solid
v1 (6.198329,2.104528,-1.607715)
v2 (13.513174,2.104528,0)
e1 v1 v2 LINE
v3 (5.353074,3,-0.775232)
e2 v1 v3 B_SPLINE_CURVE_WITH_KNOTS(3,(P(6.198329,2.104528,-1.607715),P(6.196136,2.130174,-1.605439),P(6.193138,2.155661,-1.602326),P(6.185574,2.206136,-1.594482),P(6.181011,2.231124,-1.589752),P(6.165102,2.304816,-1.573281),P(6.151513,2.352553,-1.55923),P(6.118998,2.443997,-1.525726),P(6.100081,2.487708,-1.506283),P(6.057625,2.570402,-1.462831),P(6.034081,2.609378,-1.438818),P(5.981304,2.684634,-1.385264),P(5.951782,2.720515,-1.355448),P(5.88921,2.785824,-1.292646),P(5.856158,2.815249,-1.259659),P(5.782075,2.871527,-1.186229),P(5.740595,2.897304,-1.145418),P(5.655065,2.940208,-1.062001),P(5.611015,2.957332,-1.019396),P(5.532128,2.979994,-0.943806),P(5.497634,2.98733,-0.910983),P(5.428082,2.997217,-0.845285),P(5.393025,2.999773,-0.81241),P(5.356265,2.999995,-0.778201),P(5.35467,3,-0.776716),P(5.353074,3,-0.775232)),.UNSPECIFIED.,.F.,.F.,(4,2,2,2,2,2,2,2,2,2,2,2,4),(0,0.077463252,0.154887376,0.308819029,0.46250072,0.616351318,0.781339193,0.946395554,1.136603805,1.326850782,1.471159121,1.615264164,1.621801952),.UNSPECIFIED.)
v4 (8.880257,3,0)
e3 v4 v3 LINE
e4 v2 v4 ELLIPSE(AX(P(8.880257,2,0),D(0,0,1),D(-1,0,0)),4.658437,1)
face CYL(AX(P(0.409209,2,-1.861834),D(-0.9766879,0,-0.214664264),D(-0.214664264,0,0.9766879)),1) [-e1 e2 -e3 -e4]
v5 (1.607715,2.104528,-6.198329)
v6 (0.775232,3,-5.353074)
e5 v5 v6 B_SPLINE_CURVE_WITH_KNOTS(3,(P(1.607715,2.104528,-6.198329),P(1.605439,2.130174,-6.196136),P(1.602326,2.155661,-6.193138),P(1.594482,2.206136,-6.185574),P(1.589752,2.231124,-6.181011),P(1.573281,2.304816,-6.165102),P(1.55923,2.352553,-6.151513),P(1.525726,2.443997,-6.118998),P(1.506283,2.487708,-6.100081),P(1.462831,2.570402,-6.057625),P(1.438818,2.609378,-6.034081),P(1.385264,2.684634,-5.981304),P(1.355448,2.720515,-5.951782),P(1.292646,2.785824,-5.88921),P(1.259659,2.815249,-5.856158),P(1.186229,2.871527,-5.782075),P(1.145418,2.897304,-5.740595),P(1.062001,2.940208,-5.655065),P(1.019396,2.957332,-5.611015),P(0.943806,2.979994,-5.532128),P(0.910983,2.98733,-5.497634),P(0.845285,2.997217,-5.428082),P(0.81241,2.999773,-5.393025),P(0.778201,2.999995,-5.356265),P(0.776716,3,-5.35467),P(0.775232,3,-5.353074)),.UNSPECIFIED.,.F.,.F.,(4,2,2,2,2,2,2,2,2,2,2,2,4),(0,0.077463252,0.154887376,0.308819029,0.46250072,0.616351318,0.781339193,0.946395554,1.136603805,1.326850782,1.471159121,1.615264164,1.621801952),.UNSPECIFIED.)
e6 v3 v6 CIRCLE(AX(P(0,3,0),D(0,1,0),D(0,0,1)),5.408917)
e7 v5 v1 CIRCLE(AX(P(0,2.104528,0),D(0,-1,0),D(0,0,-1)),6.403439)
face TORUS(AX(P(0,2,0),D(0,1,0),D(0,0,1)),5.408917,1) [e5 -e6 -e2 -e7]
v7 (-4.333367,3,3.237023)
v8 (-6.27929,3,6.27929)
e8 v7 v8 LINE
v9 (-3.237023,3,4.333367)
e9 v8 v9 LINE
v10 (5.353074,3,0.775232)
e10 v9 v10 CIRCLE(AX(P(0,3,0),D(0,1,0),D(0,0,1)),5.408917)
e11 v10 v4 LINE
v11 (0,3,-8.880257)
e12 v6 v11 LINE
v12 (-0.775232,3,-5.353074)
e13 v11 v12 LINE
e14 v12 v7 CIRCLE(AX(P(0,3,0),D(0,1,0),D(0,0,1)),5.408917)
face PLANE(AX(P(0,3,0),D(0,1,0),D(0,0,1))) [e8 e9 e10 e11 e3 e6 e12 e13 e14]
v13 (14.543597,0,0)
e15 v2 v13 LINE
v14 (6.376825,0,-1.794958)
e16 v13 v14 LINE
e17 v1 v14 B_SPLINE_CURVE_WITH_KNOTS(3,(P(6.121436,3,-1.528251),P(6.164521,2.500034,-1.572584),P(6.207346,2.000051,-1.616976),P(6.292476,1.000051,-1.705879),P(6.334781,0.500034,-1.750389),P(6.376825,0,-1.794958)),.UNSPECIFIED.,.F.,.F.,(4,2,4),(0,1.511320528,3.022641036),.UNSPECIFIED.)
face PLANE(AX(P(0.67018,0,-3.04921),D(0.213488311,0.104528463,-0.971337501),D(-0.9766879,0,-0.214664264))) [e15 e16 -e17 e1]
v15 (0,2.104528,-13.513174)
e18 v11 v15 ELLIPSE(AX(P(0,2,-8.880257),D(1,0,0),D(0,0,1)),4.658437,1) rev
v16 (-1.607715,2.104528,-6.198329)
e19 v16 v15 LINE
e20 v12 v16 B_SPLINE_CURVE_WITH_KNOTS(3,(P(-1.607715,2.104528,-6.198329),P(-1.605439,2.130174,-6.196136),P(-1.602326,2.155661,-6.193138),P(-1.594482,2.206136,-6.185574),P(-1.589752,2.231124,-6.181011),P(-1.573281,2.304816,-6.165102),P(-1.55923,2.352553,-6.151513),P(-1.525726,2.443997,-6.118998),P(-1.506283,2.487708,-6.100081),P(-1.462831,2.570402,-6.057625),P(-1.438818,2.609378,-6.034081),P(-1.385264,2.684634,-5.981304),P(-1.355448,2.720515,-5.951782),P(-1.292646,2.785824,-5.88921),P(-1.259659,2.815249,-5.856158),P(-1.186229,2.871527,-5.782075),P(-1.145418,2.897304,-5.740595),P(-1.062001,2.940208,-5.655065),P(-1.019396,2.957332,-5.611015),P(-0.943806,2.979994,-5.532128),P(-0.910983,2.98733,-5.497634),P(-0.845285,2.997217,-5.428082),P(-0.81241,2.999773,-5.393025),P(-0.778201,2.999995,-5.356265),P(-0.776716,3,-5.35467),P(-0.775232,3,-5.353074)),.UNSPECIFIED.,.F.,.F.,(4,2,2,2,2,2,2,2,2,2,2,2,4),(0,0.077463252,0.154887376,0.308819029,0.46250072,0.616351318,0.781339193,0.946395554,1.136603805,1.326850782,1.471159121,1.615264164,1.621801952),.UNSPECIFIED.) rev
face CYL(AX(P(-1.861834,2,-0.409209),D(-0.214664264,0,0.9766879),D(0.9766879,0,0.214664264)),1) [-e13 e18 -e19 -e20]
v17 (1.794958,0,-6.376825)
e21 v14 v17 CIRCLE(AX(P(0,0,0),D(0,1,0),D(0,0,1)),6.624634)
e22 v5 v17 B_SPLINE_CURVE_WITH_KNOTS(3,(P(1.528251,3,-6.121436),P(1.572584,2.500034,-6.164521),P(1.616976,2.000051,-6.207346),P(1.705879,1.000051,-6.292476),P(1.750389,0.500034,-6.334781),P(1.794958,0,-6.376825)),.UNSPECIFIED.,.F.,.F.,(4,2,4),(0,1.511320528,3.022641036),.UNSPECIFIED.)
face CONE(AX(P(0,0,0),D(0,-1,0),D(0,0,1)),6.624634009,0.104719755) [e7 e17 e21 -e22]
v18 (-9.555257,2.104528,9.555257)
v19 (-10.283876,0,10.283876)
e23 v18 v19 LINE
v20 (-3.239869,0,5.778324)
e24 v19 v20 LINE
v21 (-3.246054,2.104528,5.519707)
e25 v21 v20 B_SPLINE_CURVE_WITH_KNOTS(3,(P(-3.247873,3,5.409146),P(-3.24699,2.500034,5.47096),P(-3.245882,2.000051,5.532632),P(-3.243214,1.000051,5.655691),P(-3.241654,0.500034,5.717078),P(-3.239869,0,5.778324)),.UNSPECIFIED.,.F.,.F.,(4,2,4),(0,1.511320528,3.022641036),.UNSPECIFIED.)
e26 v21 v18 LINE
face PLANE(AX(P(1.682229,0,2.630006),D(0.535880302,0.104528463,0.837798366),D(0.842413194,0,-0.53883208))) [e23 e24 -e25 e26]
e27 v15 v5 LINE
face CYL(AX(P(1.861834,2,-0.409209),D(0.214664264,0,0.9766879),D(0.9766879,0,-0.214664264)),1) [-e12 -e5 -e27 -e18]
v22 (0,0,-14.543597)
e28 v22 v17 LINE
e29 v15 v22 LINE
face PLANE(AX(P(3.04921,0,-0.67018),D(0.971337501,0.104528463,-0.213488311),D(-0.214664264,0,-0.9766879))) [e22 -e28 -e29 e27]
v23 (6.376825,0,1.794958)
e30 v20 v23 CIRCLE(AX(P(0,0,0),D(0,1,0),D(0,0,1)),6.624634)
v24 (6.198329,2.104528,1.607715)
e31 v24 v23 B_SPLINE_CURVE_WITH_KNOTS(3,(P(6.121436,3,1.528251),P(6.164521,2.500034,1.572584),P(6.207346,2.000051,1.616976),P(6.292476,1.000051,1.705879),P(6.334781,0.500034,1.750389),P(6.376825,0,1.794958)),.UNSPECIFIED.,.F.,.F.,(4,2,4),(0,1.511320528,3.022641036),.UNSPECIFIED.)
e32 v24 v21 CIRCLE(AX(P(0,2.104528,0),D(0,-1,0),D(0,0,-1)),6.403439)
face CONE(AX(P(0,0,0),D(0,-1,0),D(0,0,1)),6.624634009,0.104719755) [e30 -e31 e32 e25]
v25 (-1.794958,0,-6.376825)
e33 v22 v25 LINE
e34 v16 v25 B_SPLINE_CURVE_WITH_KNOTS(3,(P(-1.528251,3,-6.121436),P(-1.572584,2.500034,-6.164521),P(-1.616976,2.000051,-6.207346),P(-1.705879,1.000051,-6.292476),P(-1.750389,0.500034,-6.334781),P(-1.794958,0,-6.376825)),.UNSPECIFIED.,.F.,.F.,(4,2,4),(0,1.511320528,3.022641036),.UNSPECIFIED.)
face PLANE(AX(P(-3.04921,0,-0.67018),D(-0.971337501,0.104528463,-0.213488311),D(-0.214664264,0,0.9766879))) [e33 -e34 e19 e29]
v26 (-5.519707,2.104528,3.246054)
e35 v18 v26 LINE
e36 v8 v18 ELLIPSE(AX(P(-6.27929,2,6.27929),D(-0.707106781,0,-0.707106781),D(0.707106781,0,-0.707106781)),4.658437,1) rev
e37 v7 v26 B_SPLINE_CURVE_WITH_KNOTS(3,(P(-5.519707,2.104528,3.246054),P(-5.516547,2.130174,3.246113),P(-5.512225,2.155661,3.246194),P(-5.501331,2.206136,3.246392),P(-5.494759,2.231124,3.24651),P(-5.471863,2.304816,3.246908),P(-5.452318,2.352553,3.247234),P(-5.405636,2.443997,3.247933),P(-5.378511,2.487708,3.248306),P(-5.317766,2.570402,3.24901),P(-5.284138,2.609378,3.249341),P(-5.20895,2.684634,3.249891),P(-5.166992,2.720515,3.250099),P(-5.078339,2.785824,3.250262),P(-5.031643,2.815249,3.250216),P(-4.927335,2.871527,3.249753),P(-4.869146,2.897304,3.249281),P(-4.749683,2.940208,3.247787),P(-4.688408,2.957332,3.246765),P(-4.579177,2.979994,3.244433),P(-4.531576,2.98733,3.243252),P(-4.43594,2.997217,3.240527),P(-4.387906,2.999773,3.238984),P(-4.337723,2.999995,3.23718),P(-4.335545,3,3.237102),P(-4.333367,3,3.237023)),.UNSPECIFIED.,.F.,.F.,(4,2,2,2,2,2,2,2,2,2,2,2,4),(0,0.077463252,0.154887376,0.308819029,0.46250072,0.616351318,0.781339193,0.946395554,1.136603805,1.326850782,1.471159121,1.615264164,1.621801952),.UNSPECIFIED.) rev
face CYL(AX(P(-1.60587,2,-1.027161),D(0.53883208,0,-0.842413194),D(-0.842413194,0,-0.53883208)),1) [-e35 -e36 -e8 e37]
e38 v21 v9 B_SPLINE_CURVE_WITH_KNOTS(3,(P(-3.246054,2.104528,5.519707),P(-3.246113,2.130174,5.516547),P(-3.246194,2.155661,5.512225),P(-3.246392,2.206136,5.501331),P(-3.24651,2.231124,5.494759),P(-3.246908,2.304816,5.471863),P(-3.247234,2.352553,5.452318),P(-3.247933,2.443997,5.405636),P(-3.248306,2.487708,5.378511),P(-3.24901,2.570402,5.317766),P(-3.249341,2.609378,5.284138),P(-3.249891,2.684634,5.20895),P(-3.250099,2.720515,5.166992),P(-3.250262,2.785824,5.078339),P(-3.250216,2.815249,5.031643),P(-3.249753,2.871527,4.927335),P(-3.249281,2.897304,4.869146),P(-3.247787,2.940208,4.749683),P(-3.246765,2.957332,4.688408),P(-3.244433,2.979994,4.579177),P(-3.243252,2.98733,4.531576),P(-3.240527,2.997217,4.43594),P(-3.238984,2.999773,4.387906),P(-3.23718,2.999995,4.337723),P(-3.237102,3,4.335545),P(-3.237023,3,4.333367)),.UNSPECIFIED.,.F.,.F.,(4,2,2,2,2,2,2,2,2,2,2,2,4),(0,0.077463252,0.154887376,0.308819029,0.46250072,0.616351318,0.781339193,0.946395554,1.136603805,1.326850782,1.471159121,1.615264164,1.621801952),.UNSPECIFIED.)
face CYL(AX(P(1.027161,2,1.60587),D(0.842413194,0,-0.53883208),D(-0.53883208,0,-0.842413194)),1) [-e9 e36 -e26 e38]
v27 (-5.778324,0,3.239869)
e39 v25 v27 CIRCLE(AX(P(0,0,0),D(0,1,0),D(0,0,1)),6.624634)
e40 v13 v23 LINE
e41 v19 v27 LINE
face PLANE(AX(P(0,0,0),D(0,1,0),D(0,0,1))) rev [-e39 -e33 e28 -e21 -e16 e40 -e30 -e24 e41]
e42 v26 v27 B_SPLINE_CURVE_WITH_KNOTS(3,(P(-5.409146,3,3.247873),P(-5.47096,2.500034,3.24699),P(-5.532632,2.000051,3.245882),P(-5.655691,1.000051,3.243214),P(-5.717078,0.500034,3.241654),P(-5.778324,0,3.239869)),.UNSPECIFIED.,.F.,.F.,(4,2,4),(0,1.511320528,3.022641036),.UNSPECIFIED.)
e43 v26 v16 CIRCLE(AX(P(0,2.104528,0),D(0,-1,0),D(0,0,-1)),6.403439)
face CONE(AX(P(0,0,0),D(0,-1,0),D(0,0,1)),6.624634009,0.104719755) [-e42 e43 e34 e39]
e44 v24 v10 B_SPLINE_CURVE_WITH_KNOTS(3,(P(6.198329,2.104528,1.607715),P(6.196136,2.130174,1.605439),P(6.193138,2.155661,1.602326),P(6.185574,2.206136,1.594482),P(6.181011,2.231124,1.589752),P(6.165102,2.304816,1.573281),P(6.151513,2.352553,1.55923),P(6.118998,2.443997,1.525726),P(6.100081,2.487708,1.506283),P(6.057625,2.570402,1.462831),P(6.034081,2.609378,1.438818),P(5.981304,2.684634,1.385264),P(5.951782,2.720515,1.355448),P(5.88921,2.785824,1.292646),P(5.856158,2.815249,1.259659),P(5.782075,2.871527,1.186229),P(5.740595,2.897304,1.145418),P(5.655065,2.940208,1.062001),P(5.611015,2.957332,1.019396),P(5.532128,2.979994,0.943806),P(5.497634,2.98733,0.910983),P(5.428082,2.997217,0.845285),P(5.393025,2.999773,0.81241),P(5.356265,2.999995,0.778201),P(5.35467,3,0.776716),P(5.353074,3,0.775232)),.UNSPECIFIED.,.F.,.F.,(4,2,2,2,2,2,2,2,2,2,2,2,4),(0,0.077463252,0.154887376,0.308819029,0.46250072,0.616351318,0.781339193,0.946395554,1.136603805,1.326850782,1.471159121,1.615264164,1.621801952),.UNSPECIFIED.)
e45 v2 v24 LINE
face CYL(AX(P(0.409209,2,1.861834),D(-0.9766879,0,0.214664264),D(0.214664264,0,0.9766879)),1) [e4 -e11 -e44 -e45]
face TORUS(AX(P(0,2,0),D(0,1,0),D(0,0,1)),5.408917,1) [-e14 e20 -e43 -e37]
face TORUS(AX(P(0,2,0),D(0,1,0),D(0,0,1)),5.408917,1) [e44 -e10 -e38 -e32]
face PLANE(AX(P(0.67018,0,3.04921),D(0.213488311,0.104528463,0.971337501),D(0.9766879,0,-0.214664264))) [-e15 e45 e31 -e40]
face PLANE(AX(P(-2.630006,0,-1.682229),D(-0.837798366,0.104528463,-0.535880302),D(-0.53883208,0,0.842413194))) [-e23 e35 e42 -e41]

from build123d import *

# Parameters (mm, degrees)
BOSS_EXTRUDE1_DEPTH = 3
BOSS_EXTRUDE1_TAPER = 6
FILLET1_R           = 1


with BuildPart() as part:
    # Sketch2 → Boss-Extrude1 (new body)
    with BuildSketch(Plane(origin=(0, 0, 0), x_dir=(1, 0, 0), z_dir=(0, 1, 0))):
        with BuildLine():
            Line((1.794958228, 6.376825284), (0, 14.54359673))
            Line((0, 14.54359673), (-1.794958228, 6.376825284))
            ThreePointArc((-1.794958228, 6.376825284), (-6.120363771, 2.535137681), (-5.778323536, -3.239869266))
            Line((-5.778323536, -3.239869266), (-10.283875871, -10.283875871))
            Line((-10.283875871, -10.283875871), (-3.239869266, -5.778323536))
            ThreePointArc((-3.239869266, -5.778323536), (2.535137681, -6.120363771), (6.376825284, -1.794958228))
            Line((6.376825284, -1.794958228), (14.54359673, 0))
            Line((14.54359673, 0), (6.376825284, 1.794958228))
            ThreePointArc((6.376825284, 1.794958228), (4.68432363, 4.68432363), (1.794958228, 6.376825284))
        make_face()
    extrude(amount=BOSS_EXTRUDE1_DEPTH, taper=BOSS_EXTRUDE1_TAPER)

    # Fillet1
    fillet1_edges = [part.edges().sort_by_distance(p)[0] for p in [
        (-5.829052816, 3, -2.414472732),
        (-0.764125431, 3, -9.598084382),
        (0.764125431, 3, -9.598084382),
        (4.461363878, 3, -4.461363878),
        (9.598084382, 3, -0.764125431),
        (9.598084382, 3, 0.764125431),
        (2.414472732, 3, 5.829052816),
        (-6.246552279, 3, 7.327188827),
        (-7.327188827, 3, 6.246552279),
    ]]
    fillet(fillet1_edges, radius=FILLET1_R)


solid = part.part
